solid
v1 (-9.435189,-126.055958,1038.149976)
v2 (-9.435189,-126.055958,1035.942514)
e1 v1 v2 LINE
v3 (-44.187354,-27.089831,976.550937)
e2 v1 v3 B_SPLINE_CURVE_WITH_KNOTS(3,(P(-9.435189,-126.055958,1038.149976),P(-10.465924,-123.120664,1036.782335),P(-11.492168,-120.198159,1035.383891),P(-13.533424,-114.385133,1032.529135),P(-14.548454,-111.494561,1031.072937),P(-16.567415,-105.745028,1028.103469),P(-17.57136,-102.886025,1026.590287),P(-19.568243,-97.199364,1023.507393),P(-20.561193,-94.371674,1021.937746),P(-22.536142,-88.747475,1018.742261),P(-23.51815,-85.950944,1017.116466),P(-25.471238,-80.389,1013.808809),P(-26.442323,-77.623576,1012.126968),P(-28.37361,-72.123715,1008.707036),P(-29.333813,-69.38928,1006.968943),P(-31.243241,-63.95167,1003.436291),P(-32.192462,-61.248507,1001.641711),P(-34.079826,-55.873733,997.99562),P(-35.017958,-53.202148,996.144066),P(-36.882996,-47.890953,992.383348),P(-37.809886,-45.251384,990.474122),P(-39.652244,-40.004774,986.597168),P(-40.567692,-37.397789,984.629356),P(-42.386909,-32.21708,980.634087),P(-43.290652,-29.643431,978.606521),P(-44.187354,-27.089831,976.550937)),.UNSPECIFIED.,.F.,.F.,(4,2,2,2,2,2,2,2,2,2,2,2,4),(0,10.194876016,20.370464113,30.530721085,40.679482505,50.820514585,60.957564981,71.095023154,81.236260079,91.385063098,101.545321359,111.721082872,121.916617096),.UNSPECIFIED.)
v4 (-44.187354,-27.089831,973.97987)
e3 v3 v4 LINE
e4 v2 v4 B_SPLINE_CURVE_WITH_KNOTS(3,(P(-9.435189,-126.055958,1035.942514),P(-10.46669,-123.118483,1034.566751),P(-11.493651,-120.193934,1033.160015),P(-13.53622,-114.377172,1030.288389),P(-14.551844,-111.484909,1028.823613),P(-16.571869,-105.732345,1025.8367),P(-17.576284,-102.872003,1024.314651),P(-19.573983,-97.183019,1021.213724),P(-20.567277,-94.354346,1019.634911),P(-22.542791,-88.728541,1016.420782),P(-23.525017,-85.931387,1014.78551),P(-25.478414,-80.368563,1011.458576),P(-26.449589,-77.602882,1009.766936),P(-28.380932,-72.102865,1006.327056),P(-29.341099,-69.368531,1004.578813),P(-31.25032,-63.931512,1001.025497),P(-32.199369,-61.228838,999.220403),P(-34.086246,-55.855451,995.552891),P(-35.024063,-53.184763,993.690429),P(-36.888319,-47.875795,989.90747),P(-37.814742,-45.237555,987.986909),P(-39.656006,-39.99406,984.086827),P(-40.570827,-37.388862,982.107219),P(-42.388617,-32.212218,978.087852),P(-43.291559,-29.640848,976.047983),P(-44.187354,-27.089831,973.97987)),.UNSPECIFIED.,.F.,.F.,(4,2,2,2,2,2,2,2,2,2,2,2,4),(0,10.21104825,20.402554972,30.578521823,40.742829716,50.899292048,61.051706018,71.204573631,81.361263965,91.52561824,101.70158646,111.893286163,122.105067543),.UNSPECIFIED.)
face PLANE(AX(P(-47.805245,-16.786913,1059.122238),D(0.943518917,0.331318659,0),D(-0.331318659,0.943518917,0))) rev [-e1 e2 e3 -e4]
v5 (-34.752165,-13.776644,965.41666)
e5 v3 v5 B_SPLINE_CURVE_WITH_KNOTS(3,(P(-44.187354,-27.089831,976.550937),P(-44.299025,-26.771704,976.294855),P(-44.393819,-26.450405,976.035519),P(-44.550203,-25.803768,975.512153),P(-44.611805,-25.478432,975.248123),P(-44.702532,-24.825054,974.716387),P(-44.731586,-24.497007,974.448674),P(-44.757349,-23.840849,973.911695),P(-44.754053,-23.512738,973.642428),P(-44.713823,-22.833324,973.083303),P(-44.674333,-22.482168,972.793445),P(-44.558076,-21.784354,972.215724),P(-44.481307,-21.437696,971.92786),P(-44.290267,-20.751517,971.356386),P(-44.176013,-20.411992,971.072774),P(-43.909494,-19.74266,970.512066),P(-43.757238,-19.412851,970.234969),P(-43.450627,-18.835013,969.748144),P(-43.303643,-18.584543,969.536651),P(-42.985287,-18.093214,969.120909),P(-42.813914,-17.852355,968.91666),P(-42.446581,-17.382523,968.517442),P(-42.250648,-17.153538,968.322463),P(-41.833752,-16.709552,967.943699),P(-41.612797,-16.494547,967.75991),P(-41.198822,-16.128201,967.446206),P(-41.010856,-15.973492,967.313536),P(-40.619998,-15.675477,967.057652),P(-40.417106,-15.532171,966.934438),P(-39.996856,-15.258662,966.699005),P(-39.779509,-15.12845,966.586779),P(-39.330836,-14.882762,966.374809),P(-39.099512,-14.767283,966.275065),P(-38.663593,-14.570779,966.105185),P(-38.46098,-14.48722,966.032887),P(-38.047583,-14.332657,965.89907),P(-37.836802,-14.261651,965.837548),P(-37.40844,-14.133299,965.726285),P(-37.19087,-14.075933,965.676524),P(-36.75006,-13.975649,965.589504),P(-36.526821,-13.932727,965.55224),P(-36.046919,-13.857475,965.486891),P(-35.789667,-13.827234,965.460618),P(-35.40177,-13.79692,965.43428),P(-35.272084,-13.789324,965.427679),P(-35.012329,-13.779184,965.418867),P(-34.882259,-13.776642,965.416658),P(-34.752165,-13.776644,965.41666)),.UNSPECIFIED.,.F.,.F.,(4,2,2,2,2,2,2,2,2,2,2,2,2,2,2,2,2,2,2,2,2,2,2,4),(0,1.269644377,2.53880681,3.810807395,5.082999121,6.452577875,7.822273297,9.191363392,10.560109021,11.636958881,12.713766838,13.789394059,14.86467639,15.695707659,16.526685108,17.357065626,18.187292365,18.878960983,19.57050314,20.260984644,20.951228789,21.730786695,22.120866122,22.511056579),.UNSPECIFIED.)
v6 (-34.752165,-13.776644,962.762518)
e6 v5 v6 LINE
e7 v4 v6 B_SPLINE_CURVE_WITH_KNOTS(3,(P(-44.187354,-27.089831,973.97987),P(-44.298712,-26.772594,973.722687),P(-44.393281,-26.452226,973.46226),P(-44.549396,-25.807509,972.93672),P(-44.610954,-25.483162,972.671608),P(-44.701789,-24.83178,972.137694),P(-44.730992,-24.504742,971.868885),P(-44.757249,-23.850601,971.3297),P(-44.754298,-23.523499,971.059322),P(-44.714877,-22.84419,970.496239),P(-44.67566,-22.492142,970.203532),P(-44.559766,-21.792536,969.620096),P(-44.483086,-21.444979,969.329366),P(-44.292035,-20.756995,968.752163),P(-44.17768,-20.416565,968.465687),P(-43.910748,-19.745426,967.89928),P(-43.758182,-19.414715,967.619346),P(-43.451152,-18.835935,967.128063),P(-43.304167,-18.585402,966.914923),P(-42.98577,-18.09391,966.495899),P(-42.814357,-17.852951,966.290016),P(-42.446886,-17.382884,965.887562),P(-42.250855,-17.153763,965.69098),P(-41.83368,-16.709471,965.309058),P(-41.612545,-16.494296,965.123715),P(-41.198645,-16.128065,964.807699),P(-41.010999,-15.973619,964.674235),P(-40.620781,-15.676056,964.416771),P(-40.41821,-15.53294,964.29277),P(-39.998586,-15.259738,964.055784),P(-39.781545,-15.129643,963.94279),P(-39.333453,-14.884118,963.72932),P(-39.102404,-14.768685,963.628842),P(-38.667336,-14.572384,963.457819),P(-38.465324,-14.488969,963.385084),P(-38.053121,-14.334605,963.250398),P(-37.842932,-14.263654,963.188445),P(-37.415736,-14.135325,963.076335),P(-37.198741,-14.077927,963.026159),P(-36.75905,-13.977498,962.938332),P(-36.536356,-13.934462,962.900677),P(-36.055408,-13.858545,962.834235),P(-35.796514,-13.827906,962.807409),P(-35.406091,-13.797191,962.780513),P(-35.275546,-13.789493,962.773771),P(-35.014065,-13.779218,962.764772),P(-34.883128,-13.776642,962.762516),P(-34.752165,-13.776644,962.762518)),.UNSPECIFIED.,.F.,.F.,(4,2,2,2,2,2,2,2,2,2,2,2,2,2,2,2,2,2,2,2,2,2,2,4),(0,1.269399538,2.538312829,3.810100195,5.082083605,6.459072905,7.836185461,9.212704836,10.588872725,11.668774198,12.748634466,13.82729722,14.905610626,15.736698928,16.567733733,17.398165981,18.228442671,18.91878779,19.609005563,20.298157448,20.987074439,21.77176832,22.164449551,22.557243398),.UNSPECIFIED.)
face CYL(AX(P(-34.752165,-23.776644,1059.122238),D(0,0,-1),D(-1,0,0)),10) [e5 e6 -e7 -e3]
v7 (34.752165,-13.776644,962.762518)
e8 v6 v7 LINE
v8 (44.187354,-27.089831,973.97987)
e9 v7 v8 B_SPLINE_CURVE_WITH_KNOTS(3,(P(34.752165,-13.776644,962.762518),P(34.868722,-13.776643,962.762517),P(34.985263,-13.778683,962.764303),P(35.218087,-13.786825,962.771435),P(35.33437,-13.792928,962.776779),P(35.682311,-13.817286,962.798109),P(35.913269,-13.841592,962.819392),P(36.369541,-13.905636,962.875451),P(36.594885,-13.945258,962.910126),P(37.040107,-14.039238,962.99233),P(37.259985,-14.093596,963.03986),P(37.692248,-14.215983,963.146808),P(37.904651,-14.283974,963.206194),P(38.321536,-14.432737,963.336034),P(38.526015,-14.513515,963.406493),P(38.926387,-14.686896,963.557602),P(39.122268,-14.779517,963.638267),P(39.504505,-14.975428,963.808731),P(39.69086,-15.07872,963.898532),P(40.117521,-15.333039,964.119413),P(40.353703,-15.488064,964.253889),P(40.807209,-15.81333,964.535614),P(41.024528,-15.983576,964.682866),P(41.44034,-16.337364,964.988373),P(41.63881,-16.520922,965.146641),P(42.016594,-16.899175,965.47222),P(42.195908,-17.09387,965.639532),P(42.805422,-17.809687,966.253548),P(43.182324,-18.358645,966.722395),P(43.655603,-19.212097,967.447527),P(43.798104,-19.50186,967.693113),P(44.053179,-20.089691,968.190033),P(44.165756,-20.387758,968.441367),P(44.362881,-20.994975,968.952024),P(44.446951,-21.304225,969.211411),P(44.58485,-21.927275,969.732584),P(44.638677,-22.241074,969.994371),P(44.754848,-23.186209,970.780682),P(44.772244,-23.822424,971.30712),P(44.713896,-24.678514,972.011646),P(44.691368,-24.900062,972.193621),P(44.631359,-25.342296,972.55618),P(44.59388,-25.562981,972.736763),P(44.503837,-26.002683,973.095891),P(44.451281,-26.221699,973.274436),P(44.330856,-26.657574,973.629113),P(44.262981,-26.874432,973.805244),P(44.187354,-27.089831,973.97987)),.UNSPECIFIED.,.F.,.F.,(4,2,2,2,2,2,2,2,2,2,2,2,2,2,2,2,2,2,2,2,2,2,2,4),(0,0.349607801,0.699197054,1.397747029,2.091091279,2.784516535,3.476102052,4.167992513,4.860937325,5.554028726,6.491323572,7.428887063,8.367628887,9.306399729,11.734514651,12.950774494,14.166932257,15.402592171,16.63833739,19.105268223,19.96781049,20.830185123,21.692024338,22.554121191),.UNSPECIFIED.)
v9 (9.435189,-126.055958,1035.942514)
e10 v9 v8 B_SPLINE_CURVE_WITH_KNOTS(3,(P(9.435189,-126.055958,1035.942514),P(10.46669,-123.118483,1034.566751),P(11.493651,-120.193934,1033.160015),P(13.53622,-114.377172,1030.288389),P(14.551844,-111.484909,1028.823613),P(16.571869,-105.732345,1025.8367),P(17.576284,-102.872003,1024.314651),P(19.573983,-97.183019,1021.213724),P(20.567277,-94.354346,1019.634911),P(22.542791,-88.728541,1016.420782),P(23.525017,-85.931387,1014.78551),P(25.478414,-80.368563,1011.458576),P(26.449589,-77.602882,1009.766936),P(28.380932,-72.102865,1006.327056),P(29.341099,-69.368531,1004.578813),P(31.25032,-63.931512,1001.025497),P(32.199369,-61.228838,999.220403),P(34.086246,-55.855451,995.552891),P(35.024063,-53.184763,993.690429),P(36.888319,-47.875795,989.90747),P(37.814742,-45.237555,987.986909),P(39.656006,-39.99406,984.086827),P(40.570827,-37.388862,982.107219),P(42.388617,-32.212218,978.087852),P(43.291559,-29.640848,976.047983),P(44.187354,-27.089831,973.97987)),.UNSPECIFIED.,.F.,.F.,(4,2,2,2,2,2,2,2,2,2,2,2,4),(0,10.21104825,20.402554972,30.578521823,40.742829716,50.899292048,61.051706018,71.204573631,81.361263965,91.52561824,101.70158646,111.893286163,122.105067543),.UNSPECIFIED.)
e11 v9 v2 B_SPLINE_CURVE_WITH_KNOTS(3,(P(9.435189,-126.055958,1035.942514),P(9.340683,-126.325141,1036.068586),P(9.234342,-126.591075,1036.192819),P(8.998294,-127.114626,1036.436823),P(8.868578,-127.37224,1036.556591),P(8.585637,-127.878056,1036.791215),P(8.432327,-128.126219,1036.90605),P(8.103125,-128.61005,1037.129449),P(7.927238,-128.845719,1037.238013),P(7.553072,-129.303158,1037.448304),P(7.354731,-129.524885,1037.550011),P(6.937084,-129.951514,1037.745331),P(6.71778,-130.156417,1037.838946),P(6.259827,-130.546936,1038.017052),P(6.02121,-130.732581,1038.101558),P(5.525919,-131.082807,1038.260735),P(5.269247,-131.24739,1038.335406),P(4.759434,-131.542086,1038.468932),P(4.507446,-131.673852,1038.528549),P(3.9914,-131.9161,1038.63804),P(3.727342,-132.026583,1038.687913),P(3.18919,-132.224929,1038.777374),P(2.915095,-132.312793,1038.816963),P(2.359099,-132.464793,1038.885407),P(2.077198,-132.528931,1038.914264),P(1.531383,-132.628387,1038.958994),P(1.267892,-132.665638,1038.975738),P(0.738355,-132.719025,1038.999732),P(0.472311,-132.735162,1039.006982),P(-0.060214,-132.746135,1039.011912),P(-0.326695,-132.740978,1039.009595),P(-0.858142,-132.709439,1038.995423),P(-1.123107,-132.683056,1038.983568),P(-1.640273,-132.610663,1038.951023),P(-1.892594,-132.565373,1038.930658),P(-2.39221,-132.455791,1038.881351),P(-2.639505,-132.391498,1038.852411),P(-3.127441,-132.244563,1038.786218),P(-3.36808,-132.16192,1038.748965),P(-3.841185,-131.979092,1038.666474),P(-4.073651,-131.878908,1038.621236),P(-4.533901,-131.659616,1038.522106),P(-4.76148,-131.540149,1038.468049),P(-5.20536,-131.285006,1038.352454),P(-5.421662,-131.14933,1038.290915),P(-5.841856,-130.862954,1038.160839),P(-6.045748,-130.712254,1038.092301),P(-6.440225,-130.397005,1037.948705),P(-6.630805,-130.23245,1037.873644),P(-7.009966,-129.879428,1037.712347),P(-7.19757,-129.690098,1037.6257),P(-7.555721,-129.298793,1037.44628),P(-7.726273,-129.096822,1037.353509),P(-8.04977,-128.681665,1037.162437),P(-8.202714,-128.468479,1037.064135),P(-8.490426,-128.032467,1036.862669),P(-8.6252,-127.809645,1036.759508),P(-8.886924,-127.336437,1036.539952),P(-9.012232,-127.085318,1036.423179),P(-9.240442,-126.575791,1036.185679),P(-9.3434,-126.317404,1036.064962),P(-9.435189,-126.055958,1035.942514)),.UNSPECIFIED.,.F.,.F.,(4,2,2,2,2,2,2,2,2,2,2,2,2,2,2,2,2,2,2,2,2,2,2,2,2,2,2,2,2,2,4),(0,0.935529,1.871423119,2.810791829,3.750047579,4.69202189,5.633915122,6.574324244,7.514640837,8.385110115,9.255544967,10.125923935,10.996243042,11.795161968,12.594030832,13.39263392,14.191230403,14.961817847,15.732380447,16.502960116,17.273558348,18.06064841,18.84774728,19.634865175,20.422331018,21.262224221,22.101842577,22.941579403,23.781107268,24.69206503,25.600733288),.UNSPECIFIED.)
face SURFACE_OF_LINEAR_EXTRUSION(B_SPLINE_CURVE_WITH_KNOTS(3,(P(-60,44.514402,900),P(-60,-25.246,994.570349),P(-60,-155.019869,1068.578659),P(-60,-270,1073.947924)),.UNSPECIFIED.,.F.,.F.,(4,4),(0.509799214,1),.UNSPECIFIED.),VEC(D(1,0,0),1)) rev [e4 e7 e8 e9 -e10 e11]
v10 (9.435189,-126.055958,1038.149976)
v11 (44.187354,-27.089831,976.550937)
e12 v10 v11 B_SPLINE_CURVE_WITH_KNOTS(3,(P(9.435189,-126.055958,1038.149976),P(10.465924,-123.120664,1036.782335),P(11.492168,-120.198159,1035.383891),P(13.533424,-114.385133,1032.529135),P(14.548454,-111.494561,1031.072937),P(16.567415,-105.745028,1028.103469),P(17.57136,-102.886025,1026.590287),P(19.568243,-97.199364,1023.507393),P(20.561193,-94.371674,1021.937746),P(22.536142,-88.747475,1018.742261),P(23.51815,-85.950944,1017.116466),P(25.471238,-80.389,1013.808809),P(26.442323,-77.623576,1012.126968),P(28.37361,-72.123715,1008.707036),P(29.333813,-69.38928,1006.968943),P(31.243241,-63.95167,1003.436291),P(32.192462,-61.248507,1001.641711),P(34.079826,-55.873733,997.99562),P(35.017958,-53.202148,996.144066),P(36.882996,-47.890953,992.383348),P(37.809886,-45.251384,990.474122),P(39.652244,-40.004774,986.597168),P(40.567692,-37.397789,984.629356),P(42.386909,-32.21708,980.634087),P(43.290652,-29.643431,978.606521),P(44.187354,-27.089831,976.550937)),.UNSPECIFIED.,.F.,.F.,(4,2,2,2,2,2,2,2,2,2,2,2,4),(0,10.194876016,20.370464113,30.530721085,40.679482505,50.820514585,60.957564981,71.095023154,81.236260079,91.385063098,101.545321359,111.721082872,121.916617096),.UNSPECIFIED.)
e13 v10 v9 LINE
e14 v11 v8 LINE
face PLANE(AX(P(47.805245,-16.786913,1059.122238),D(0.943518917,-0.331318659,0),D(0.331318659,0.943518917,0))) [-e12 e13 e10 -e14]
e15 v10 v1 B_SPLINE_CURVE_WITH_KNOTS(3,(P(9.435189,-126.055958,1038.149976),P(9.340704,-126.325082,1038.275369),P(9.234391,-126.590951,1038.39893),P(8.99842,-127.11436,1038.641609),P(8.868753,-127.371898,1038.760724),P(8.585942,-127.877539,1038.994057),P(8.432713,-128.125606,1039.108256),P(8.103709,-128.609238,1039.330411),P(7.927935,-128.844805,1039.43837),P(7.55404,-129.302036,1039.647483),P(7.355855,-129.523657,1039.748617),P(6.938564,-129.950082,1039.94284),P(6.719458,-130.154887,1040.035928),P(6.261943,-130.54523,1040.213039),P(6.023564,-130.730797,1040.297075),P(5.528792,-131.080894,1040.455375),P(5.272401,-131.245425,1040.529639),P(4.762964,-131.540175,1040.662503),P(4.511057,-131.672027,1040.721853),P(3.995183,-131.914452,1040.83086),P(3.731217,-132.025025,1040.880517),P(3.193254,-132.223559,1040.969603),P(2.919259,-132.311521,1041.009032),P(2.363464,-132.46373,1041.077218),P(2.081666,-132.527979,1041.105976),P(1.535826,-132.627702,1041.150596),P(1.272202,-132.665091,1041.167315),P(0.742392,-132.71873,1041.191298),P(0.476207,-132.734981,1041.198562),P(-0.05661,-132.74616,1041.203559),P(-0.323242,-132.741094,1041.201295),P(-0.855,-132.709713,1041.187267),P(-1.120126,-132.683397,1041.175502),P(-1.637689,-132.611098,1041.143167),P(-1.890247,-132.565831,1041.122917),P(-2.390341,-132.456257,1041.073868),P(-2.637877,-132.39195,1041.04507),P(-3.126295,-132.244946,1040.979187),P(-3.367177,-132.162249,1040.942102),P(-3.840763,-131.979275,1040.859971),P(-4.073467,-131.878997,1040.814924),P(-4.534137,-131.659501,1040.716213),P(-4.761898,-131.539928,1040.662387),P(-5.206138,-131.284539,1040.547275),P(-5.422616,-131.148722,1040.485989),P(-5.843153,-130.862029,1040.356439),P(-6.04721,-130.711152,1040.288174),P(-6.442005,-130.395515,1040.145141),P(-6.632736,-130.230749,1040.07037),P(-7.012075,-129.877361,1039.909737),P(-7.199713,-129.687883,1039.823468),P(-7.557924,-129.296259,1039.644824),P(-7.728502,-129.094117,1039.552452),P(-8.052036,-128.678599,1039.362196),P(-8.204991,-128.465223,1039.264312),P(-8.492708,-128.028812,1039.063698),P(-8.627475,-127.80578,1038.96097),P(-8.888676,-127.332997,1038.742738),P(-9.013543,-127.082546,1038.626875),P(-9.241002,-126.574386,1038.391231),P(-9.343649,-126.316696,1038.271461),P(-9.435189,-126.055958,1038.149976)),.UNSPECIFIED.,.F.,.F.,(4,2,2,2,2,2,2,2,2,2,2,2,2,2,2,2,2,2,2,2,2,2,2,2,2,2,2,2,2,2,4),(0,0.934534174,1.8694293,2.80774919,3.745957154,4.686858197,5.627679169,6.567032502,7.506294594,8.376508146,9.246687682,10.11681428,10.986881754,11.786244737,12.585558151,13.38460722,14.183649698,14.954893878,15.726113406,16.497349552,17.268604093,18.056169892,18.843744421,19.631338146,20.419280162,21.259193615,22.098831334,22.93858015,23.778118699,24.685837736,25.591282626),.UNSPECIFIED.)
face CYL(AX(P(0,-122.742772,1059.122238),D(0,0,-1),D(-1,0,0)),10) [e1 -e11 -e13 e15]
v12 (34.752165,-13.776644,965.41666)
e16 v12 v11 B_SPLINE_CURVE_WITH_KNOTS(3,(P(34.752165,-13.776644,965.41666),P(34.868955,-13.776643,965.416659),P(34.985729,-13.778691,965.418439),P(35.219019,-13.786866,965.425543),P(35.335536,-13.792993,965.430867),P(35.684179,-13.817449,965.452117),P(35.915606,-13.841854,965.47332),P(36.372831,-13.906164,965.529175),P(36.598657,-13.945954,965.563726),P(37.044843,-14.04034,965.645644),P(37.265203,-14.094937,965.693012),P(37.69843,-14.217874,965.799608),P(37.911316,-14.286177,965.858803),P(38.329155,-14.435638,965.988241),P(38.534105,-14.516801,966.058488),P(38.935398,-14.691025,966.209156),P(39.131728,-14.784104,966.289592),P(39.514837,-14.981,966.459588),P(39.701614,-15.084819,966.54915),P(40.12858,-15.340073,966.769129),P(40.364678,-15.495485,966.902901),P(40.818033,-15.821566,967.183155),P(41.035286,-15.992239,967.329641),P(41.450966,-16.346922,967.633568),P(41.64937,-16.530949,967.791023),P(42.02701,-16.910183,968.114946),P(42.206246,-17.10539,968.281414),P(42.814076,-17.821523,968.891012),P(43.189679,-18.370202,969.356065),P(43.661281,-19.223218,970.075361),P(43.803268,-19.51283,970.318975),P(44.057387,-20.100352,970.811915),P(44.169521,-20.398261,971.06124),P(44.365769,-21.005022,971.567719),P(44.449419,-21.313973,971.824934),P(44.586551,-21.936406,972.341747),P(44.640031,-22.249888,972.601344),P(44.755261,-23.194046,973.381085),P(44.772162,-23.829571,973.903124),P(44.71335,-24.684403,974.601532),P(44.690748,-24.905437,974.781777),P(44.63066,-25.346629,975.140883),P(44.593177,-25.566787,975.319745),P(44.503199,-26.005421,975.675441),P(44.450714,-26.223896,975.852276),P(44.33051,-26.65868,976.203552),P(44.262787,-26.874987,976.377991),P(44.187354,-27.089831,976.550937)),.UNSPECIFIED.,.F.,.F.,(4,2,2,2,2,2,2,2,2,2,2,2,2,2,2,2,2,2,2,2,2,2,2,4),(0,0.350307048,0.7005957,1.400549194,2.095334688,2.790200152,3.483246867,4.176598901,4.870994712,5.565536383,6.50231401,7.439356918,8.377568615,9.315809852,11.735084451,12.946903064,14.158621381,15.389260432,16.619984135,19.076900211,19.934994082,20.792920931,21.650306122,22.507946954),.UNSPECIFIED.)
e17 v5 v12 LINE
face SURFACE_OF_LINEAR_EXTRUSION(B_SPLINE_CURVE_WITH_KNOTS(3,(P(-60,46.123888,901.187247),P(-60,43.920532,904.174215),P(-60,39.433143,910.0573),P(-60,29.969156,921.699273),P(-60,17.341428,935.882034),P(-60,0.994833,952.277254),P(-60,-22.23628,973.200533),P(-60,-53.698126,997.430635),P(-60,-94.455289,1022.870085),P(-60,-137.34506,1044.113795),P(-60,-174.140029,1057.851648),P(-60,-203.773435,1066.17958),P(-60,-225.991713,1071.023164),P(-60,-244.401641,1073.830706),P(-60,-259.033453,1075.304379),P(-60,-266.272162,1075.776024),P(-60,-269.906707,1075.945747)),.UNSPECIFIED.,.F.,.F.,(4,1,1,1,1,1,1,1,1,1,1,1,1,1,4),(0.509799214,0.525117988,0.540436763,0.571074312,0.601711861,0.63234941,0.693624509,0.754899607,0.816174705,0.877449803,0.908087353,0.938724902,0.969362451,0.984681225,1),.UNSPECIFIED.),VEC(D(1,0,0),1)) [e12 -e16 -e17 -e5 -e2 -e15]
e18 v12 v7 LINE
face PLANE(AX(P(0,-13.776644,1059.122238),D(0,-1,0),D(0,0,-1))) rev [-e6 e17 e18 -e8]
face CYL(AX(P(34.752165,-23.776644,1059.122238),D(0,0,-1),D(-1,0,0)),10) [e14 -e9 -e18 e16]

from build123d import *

# Parameters (mm, degrees)
BOSS_EXTRUDE1_DEPTH      = 60
BOSS_EXTRUDE1_DEPTH_BACK = 60
SKETCH2_W                = 211.885293394
SKETCH2_H                = 245.618275427
CUT_EXTRUDE1_DEPTH       = 1077.011666391


with BuildPart() as part:
    # Sketch1 → Boss-Extrude1 (new, two sides: drawn at the far end of the back side and taken through both)
    with BuildSketch(Plane(origin=(0, 0, 0), x_dir=(0, 0, -1), z_dir=(1, 0, 0)).offset(-BOSS_EXTRUDE1_DEPTH_BACK)):
        with BuildLine():
            Line((-939.728923081, 10.577778274), (-941.143184766, 11.992039959))
            add(Edge.make_bspline(
                [(-941.143184766, 11.992039959), (-944.866454136, 8.352727843), (-953.96735323, -0.88168341), (-973.200532651, -22.236280395), (-997.43063536, -53.698126084), (-1022.870084933, -94.455289348), (-1043.814229453, -136.740255628), (-1054.637723921, -165.536150075), (-1059.122238281, -179.688951706)],
                knots=[0.580973428, 0.580973428, 0.580973428, 0.580973428, 0.601711861, 0.63234941, 0.693624509, 0.754899607, 0.816174705, 0.874857615, 0.874857615, 0.874857615, 0.874857615], degree=3))
            Line((-1059.122238281, -179.688951706), (-1057.176612318, -180.169892955))
            add(Edge.make_bspline(
                [(-939.728923081, 10.577778274), (-992.215291969, -40.719110356), (-1034.812797305, -109.667140015), (-1057.176612318, -180.169892955)],
                knots=[0.580942389, 0.580942389, 0.580942389, 0.580942389, 0.874686569, 0.874686569, 0.874686569, 0.874686569], degree=3))
        make_face()
    extrude(amount=BOSS_EXTRUDE1_DEPTH + BOSS_EXTRUDE1_DEPTH_BACK)

    # Sketch2 → Cut-Extrude1 (cut, through all)
    with BuildSketch(Plane.XY):
        with Locations((18.076578956, -88.621698106)):
            Rectangle(SKETCH2_W, SKETCH2_H)
        with BuildLine():
            Line((-0.946549017, -13.77664422), (0.946549017, -13.77664422))
            Line((0.946549017, -13.77664422), (34.752164535, -13.77664422))
            ThreePointArc((34.752164535, -13.77664422), (42.910959356, -17.994424311), (44.187353703, -27.089830806))
            Line((44.187353703, -27.089830806), (9.435189169, -126.055958395))
            ThreePointArc((9.435189169, -126.055958395), (0, -132.742771809), (-9.435189169, -126.055958395))
            Line((-9.435189169, -126.055958395), (-44.187353703, -27.089830806))
            ThreePointArc((-44.187353703, -27.089830806), (-42.910959356, -17.994424311), (-34.752164535, -13.77664422))
            Line((-34.752164535, -13.77664422), (-0.946549017, -13.77664422))
        make_face(mode=Mode.SUBTRACT)
    extrude(amount=CUT_EXTRUDE1_DEPTH, mode=Mode.SUBTRACT)


solid = part.part
